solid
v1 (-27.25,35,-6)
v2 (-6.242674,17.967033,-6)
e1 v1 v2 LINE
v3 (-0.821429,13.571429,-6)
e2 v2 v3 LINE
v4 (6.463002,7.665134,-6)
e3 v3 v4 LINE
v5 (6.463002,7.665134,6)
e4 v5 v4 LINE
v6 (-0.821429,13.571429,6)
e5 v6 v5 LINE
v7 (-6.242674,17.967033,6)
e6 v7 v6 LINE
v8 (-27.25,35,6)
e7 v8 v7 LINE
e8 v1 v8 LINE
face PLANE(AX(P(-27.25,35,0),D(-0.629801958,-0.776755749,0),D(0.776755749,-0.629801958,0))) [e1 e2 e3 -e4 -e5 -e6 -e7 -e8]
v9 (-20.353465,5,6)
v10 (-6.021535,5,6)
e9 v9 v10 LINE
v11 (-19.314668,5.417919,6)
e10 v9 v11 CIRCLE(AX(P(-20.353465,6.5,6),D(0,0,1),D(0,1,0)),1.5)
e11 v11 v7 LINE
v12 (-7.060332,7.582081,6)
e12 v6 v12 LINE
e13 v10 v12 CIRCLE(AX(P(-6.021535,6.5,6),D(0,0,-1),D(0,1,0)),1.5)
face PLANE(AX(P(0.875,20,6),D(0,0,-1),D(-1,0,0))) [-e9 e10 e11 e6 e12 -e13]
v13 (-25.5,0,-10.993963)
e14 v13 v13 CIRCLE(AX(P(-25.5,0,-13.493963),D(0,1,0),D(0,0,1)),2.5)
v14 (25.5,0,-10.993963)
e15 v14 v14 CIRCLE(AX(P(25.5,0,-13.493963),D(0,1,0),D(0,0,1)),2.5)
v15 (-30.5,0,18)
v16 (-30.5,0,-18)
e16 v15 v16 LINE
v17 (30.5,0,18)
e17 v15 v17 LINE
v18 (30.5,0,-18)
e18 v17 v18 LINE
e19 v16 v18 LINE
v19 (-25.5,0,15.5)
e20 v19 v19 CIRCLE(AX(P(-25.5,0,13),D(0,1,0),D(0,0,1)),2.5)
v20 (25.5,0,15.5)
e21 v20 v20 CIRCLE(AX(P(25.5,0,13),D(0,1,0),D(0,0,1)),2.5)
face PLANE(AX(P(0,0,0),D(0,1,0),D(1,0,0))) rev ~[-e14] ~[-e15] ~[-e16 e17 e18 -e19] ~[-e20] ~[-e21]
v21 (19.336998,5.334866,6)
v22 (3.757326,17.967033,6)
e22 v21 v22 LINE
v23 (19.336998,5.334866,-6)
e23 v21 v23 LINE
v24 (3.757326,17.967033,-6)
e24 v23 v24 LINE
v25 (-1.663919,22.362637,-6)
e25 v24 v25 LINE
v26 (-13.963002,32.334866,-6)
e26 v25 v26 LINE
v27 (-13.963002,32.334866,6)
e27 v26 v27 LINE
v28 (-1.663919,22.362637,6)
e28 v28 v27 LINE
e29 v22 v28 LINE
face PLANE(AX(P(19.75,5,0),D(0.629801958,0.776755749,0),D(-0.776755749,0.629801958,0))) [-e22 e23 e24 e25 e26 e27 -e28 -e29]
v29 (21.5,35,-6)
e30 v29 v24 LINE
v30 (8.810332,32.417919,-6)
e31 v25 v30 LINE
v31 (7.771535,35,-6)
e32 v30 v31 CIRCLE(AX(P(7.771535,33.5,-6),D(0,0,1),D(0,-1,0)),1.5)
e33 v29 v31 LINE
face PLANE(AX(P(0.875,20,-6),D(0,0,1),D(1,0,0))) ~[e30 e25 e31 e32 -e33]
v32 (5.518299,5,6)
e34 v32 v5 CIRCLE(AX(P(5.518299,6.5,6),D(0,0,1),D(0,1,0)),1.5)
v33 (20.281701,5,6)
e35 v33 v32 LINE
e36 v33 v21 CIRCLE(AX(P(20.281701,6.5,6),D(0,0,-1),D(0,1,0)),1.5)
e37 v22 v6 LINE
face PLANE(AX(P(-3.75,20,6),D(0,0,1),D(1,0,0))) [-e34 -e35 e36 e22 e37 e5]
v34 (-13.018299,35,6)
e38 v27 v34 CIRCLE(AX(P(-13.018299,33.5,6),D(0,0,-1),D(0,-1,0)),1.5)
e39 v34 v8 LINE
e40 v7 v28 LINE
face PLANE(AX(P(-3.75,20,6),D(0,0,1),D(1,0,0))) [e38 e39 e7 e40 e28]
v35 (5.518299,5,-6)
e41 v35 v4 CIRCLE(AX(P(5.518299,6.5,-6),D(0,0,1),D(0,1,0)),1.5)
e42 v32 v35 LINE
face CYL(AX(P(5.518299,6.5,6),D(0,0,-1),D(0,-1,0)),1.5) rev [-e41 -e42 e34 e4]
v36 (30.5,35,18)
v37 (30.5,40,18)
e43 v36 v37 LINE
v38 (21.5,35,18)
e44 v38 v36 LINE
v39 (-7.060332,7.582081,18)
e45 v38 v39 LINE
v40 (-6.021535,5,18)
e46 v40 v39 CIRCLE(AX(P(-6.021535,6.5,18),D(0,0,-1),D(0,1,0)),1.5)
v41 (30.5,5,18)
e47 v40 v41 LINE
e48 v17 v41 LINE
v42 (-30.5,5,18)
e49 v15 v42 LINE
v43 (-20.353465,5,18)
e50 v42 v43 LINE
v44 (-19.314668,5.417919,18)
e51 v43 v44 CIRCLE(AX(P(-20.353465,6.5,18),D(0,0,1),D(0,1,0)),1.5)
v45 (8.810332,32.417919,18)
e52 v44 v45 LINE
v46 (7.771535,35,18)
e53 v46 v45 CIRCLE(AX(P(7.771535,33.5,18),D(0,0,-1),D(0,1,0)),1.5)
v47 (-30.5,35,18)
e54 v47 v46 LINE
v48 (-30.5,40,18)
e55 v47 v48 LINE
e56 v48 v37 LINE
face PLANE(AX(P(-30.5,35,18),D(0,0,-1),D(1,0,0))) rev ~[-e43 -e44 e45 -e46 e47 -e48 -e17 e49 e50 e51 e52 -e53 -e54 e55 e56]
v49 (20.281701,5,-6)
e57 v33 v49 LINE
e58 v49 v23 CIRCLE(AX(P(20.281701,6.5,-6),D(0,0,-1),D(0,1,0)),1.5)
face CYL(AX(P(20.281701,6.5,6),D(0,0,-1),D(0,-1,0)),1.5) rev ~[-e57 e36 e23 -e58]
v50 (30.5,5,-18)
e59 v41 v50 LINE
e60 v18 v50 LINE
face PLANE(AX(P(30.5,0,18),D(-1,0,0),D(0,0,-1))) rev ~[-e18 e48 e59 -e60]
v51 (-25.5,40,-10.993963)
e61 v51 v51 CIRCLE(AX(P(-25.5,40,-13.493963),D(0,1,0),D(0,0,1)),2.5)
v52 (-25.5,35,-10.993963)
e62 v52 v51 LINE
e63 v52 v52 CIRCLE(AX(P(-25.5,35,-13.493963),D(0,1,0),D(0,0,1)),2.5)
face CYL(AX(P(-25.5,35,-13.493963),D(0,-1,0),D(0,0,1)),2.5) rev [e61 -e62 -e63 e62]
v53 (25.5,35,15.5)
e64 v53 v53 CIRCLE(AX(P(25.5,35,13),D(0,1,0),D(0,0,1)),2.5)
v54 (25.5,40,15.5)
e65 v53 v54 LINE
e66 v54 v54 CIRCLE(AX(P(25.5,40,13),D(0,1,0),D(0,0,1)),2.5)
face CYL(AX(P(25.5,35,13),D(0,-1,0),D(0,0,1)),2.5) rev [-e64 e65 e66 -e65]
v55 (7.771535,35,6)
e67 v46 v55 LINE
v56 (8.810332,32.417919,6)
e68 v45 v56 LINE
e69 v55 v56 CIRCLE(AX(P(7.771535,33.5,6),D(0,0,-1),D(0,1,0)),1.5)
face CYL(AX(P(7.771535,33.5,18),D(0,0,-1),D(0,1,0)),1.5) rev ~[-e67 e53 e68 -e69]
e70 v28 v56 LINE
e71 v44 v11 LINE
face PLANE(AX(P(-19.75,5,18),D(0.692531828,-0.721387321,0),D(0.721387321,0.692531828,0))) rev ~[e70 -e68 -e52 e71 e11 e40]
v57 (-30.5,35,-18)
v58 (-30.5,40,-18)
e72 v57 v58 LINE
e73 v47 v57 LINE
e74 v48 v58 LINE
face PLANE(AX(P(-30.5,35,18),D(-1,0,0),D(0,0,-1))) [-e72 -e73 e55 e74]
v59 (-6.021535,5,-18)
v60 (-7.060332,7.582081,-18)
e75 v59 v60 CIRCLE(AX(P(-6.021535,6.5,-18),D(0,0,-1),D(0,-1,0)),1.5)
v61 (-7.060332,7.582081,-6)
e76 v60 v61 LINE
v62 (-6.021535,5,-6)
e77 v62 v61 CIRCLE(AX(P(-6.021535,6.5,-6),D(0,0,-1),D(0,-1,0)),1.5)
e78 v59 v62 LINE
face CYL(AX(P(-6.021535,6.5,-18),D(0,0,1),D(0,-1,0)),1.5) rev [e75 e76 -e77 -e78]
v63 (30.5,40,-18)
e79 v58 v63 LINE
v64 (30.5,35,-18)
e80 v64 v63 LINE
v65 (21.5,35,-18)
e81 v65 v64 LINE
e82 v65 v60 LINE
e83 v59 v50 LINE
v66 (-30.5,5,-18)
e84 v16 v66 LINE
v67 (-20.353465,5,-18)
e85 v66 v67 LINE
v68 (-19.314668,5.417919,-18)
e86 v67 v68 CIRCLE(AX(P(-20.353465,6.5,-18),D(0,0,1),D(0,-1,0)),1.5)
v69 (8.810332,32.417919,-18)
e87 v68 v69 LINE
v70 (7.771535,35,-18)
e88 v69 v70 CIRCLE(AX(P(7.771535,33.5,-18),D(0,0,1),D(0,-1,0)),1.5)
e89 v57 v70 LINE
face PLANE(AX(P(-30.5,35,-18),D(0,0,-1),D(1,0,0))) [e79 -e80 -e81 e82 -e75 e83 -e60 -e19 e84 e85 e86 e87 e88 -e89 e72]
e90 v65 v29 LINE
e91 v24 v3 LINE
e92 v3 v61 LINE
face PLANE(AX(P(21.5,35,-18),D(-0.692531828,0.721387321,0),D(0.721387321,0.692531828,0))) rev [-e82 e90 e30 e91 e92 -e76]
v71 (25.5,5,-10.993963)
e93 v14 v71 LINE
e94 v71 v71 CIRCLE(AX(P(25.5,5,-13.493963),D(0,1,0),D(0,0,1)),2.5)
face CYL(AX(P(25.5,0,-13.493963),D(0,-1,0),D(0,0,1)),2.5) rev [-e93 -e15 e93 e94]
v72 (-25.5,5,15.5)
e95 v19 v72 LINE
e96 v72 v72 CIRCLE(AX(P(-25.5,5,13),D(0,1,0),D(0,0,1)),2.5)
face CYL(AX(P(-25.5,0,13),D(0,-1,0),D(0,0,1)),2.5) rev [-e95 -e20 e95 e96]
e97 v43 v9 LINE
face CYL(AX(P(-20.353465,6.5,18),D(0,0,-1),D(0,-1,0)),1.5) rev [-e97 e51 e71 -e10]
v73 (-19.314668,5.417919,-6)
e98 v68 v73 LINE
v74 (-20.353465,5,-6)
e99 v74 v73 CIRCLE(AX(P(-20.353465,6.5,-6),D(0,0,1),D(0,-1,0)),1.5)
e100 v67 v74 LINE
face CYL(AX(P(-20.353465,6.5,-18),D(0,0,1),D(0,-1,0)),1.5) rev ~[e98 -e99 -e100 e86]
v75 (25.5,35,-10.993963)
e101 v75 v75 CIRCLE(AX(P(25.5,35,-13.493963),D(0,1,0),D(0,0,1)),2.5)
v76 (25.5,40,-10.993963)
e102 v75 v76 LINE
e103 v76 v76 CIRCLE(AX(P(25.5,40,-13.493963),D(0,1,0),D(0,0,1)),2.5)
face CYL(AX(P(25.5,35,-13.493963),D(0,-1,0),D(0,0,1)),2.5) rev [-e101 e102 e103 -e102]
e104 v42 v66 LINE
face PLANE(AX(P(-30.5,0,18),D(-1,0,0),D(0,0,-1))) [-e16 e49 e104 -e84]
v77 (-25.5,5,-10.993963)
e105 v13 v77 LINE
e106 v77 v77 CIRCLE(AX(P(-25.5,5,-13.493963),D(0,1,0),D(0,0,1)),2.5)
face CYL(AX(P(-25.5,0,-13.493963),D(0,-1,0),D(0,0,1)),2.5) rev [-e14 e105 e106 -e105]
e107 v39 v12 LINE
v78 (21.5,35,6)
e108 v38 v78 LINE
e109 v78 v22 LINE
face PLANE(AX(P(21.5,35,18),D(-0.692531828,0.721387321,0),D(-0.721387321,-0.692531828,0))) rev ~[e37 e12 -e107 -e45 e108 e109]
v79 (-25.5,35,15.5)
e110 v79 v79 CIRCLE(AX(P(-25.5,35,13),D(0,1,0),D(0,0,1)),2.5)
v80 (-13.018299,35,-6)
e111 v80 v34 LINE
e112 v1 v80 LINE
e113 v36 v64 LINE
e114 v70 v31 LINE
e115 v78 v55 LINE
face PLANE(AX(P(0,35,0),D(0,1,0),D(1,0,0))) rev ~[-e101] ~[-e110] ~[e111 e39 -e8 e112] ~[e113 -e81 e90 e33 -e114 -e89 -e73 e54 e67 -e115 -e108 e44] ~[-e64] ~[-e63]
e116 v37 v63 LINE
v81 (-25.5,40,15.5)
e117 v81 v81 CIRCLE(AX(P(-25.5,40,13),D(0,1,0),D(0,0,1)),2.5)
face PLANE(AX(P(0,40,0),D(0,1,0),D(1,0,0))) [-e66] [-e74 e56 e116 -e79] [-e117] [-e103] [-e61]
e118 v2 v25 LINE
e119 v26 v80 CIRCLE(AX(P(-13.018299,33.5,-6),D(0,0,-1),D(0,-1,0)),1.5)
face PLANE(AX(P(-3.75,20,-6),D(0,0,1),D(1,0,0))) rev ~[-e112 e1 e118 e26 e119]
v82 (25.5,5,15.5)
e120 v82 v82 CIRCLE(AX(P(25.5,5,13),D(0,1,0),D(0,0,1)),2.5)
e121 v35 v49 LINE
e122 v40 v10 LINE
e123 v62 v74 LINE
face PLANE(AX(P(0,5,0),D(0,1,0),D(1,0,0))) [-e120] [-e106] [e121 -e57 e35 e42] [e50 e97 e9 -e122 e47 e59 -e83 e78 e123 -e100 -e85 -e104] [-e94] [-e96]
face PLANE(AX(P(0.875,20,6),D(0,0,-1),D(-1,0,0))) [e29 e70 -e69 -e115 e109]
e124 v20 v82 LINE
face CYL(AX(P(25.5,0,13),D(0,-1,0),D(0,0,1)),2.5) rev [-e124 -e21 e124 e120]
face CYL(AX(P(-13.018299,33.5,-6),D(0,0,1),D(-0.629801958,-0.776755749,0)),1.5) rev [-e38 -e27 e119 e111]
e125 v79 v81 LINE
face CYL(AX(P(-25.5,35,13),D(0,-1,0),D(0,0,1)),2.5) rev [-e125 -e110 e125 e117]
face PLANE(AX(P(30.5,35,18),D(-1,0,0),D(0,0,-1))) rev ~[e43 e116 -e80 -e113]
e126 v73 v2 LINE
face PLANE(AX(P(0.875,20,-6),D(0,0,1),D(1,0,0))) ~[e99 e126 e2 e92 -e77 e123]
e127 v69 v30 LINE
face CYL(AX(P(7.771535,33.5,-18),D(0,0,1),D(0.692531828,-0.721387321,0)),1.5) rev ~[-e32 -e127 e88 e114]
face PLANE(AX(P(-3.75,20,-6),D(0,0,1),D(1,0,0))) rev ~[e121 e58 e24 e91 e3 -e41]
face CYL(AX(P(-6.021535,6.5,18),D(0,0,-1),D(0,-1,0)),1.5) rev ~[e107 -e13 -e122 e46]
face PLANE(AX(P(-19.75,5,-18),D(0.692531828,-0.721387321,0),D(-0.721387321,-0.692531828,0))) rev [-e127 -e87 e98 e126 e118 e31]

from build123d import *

# Parameters (mm, degrees)
SKETCH1_W           = 61
SKETCH1_H           = 36
SKETCH1_R           = 2.5
BOSS_EXTRUDE1_DEPTH = 5
BOSS_EXTRUDE3_START = -18
BOSS_EXTRUDE3_DEPTH = 6
BOSS_EXTRUDE2_DEPTH = 12
FILLET1_R           = 1.5
FILLET2_R           = 1.5
FILLET3_R           = 1.5
FILLET4_R           = 1.5
SKETCH5_W           = 61
SKETCH5_H           = 36
SKETCH5_R           = 2.5
BOSS_EXTRUDE4_DEPTH = 5
FILLET5_R           = 1.5
FILLET6_R           = 1.5
FILLET7_R           = 1.5


with BuildPart() as part:
    # Sketch1 → Boss-Extrude1 (new body)
    with BuildSketch(Plane(origin=(0, 0, 0), x_dir=(1, 0, 0), z_dir=(0, 1, 0))):
        Rectangle(SKETCH1_W, SKETCH1_H)
        with Locations(Location((-25.5, 13.49396263, 0), (0, 0, 270))):
            Circle(SKETCH1_R, mode=Mode.SUBTRACT)
        with Locations(Location((25.5, 13.49396263, 0), (0, 0, 270))):
            Circle(SKETCH1_R, mode=Mode.SUBTRACT)
        with Locations(Location((25.5, -13, 0), (0, 0, 270))):
            Circle(SKETCH1_R, mode=Mode.SUBTRACT)
        with Locations(Location((-25.5, -13, 0), (0, 0, 270))):
            Circle(SKETCH1_R, mode=Mode.SUBTRACT)
    extrude(amount=BOSS_EXTRUDE1_DEPTH)

    # Sketch4 → Boss-Extrude3 (add, symmetric)
    with BuildSketch(Plane.XY.offset(18).offset(BOSS_EXTRUDE3_START)):
        Polygon((19.75, 5), (-17.25, 35), (-27.25, 35), (9.75, 5), align=None)
    extrude(amount=BOSS_EXTRUDE3_DEPTH, both=True)

    # Sketch3 → Boss-Extrude2 (add)
    with BuildSketch(Plane.XY.offset(18)):
        Polygon((-19.75, 5), (11.5, 35), (21.5, 35), (-9.75, 5), align=None)
    boss_extrude2 = extrude(amount=-BOSS_EXTRUDE2_DEPTH)

    # Mirror1: Boss-Extrude2 across plane
    add(boss_extrude2.mirror(Plane.XY))

    # Fillet1
    fillet1_edges = [part.edges().sort_by_distance(p)[0] for p in [
        (-9.75, 5, 12),
    ]]
    fillet(fillet1_edges, radius=FILLET1_R)

    # Fillet2
    fillet2_edges = [part.edges().sort_by_distance(p)[0] for p in [
        (-9.75, 5, -12),
    ]]
    fillet(fillet2_edges, radius=FILLET2_R)

    # Fillet3
    fillet3_edges = [part.edges().sort_by_distance(p)[0] for p in [
        (9.75, 5, 0),
    ]]
    fillet(fillet3_edges, radius=FILLET3_R)

    # Fillet4
    fillet4_edges = [part.edges().sort_by_distance(p)[0] for p in [
        (19.75, 5, 0),
        (-19.75, 5, 12),
        (-19.75, 5, -12),
    ]]
    fillet(fillet4_edges, radius=FILLET4_R)

    # Sketch5 → Boss-Extrude4 (add)
    with BuildSketch(Plane(origin=(0, 35, 0), x_dir=(1, 0, 0), z_dir=(0, 1, 0))):
        Rectangle(SKETCH5_W, SKETCH5_H)
        with Locations(Location((-25.5, -13, 0), (0, 0, 270))):
            Circle(SKETCH5_R, mode=Mode.SUBTRACT)
        with Locations(Location((-25.5, 13.49396263, 0), (0, 0, 270))):
            Circle(SKETCH5_R, mode=Mode.SUBTRACT)
        with Locations(Location((25.5, 13.49396263, 0), (0, 0, 270))):
            Circle(SKETCH5_R, mode=Mode.SUBTRACT)
        with Locations(Location((25.5, -13, 0), (0, 0, 270))):
            Circle(SKETCH5_R, mode=Mode.SUBTRACT)
    extrude(amount=BOSS_EXTRUDE4_DEPTH)

    # Fillet5
    fillet5_edges = [part.edges().sort_by_distance(p)[0] for p in [
        (11.5, 35, 12),
    ]]
    fillet(fillet5_edges, radius=FILLET5_R)

    # Fillet6
    fillet6_edges = [part.edges().sort_by_distance(p)[0] for p in [
        (11.5, 35, -12),
    ]]
    fillet(fillet6_edges, radius=FILLET6_R)

    # Fillet7
    fillet7_edges = [part.edges().sort_by_distance(p)[0] for p in [
        (-17.25, 35, 0),
    ]]
    fillet(fillet7_edges, radius=FILLET7_R)


solid = part.part
